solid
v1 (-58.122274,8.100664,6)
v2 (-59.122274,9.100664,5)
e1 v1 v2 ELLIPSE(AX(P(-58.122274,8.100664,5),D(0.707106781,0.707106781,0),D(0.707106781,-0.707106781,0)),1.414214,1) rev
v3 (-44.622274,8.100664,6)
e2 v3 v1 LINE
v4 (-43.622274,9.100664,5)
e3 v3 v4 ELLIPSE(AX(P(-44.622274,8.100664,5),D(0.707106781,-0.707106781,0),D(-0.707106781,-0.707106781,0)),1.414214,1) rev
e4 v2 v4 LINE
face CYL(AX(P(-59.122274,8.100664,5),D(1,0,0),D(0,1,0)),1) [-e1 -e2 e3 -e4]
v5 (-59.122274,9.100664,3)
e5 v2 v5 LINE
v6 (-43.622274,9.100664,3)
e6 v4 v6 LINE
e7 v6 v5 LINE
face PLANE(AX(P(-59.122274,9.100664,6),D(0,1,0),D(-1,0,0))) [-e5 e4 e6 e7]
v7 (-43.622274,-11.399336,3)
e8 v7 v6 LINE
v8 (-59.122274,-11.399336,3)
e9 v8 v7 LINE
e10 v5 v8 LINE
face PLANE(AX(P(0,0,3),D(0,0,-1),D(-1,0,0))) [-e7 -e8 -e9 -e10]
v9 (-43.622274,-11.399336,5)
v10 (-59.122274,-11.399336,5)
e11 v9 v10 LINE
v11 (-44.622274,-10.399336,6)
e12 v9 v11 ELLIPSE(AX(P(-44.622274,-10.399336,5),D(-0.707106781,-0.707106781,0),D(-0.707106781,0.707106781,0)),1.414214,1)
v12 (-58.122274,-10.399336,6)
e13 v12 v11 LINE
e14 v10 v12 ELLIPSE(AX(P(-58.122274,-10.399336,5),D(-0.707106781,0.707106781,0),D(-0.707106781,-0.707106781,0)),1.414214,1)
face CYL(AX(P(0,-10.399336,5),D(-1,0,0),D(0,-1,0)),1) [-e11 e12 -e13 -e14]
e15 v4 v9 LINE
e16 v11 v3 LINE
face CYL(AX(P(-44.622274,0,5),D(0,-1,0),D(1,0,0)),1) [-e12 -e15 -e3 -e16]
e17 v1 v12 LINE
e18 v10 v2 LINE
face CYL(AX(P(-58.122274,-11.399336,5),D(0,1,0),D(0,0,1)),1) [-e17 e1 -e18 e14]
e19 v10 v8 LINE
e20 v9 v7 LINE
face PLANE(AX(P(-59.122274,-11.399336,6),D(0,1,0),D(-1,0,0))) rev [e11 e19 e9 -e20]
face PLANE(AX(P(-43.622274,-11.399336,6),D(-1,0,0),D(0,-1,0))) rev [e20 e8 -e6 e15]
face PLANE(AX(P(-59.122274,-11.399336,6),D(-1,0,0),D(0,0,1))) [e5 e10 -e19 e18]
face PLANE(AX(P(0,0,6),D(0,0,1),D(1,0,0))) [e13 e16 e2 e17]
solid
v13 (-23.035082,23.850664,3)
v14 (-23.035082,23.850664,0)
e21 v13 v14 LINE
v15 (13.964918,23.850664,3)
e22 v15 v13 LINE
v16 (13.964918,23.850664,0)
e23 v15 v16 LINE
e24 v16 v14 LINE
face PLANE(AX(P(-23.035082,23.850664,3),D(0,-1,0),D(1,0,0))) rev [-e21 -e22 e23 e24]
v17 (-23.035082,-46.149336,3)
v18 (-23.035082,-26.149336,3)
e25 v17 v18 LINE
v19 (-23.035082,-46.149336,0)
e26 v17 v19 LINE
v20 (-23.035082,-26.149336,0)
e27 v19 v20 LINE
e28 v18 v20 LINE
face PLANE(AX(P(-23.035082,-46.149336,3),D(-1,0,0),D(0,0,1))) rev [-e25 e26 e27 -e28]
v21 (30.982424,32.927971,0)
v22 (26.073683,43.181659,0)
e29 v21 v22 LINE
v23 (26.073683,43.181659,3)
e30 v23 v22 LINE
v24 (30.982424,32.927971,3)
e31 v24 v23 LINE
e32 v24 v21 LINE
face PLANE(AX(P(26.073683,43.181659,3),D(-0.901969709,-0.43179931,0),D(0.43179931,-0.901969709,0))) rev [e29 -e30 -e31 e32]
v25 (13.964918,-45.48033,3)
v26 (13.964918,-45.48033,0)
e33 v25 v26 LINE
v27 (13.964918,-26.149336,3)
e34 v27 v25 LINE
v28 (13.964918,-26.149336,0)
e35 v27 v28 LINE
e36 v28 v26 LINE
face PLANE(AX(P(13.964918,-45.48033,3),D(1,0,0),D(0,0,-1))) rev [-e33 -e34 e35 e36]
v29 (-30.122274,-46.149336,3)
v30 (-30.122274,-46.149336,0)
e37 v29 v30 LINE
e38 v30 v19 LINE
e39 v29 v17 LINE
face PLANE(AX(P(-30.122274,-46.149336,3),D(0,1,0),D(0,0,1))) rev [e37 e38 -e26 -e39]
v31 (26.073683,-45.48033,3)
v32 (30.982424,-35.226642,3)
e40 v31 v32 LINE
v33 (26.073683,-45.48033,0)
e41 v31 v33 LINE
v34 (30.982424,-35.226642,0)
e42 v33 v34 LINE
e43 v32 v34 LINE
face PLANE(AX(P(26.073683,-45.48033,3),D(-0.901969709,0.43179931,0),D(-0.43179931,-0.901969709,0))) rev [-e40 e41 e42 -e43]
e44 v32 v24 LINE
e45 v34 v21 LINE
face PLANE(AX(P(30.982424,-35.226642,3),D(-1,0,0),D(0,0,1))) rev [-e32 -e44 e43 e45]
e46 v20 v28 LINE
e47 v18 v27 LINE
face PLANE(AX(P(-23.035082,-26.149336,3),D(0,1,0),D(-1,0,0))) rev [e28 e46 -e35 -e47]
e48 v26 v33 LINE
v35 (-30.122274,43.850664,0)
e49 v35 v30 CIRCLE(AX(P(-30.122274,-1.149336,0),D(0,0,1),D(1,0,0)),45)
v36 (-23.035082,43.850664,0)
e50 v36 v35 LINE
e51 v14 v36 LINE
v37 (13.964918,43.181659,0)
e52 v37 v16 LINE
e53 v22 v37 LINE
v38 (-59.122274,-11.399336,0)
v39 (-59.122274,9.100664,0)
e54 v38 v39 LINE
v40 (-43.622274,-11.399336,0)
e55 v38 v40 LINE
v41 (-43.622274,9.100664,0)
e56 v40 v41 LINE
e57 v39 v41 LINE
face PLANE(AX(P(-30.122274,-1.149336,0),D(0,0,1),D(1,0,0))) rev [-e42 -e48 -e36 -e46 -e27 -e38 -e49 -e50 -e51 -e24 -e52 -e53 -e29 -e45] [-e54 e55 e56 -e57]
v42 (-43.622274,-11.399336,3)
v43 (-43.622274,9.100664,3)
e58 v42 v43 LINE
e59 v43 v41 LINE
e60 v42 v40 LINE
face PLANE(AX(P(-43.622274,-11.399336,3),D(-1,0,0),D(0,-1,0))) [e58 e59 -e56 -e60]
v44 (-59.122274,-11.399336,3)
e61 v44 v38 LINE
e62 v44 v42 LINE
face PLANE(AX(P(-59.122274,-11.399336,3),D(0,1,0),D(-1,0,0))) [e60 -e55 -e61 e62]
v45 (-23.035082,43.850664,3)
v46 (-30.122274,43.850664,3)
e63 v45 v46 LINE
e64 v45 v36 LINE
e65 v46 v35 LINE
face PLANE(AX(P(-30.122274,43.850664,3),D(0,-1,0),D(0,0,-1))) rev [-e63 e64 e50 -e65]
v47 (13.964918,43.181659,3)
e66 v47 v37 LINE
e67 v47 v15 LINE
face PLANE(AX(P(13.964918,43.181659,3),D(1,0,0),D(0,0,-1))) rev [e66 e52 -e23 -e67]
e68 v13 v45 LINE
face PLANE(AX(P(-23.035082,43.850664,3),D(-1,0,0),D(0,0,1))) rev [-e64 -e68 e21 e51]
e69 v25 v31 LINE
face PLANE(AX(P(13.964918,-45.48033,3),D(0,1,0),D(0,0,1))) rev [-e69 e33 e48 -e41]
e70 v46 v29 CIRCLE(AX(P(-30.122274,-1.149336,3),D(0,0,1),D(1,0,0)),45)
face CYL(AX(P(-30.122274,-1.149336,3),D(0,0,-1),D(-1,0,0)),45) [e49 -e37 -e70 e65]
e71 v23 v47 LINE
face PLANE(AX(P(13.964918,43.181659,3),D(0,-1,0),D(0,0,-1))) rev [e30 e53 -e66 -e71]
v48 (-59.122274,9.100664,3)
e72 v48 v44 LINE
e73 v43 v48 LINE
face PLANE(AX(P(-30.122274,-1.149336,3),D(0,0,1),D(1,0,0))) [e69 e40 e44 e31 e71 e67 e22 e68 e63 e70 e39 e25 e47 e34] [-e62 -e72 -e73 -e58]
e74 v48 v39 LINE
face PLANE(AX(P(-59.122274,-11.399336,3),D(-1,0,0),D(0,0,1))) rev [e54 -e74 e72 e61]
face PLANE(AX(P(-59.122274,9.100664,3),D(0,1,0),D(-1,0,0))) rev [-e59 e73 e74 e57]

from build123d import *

# Parameters (mm, degrees)
SKETCH1_W           = 20.5
SKETCH1_H           = 15.5
BOSS_EXTRUDE1_DEPTH = 3
SKETCH1_10_W        = 20.5
SKETCH1_10_H        = 15.5
BOSS_EXTRUDE3_DEPTH = 6
SKETCH1_12_W        = 20.5
SKETCH1_12_H        = 15.5
CUT_EXTRUDE4_DEPTH  = 3
FILLET3_R           = 1


with BuildPart() as part:
    # Sketch1 → Boss-Extrude1 (new body)
    with BuildSketch(Plane(origin=(0, 0, 0), x_dir=(0, 1, 0), z_dir=(0, 0, 1))):
        with BuildLine():
            Line((-46.14933559, 23.035082174), (-26.14933559, 23.035082174))
            Line((-26.14933559, 23.035082174), (-26.14933559, -13.964917826))
            Line((-26.14933559, -13.964917826), (-45.480329832, -13.964917826))
            Line((-45.480329832, -13.964917826), (-45.480329832, -26.073683481))
            Line((-45.480329832, -26.073683481), (-35.226642372, -30.982423901))
            Line((-35.226642372, -30.982423901), (32.927971192, -30.982423901))
            Line((32.927971192, -30.982423901), (43.181658652, -26.073683481))
            Line((43.181658652, -26.073683481), (43.181658652, -13.964917826))
            Line((43.181658652, -13.964917826), (23.85066441, -13.964917826))
            Line((23.85066441, -13.964917826), (23.85066441, 23.035082174))
            Line((23.85066441, 23.035082174), (43.85066441, 23.035082174))
            Line((43.85066441, 23.035082174), (43.85066441, 30.122273759))
            ThreePointArc((43.85066441, 30.122273759), (-1.14933559, 75.122273759), (-46.14933559, 30.122273759))
            Line((-46.14933559, 30.122273759), (-46.14933559, 23.035082174))
        make_face()
        with Locations((-1.14933559, 51.372273759)):
            Rectangle(SKETCH1_W, SKETCH1_H, mode=Mode.SUBTRACT)
    extrude(amount=BOSS_EXTRUDE1_DEPTH)

    # Sketch1<10> → Boss-Extrude3 (add)
    with BuildSketch(Plane(origin=(0, 0, 0), x_dir=(0, 1, 0), z_dir=(0, 0, 1))):
        with Locations((-1.14933559, 51.372273759)):
            Rectangle(SKETCH1_10_W, SKETCH1_10_H)
    extrude(amount=BOSS_EXTRUDE3_DEPTH)

    # Sketch1<12> → Cut-Extrude4 (cut)
    with BuildSketch(Plane(origin=(0, 0, 0), x_dir=(0, 1, 0), z_dir=(0, 0, 1))):
        with Locations((-1.14933559, 51.372273759)):
            Rectangle(SKETCH1_12_W, SKETCH1_12_H)
    extrude(amount=CUT_EXTRUDE4_DEPTH, mode=Mode.SUBTRACT)


with BuildPart() as cut_extrude4_piece_1:
    # of the separate pieces the step leaves, piece 1, a body of its own (cut_extrude4_pieces)
    add(part.part.solids().sort_by_distance((-23.035082174, -46.14933559, 0))[0])


with BuildPart() as cut_extrude4_piece_2:
    # of the separate pieces the step leaves, piece 2, a body of its own (cut_extrude4_pieces)
    add(part.part.solids().sort_by_distance((-59.122273759, 9.10066441, 6))[0])

    # Fillet3
    fillet3_edges = [cut_extrude4_piece_2.edges().sort_by_distance(p)[0] for p in [
        (-51.372273759, 9.10066441, 6),
        (-59.122273759, -1.14933559, 6),
        (-51.372273759, -11.39933559, 6),
        (-43.622273759, -1.14933559, 6),
    ]]
    fillet(fillet3_edges, radius=FILLET3_R)


solid = Compound([cut_extrude4_piece_1.part, cut_extrude4_piece_2.part])
